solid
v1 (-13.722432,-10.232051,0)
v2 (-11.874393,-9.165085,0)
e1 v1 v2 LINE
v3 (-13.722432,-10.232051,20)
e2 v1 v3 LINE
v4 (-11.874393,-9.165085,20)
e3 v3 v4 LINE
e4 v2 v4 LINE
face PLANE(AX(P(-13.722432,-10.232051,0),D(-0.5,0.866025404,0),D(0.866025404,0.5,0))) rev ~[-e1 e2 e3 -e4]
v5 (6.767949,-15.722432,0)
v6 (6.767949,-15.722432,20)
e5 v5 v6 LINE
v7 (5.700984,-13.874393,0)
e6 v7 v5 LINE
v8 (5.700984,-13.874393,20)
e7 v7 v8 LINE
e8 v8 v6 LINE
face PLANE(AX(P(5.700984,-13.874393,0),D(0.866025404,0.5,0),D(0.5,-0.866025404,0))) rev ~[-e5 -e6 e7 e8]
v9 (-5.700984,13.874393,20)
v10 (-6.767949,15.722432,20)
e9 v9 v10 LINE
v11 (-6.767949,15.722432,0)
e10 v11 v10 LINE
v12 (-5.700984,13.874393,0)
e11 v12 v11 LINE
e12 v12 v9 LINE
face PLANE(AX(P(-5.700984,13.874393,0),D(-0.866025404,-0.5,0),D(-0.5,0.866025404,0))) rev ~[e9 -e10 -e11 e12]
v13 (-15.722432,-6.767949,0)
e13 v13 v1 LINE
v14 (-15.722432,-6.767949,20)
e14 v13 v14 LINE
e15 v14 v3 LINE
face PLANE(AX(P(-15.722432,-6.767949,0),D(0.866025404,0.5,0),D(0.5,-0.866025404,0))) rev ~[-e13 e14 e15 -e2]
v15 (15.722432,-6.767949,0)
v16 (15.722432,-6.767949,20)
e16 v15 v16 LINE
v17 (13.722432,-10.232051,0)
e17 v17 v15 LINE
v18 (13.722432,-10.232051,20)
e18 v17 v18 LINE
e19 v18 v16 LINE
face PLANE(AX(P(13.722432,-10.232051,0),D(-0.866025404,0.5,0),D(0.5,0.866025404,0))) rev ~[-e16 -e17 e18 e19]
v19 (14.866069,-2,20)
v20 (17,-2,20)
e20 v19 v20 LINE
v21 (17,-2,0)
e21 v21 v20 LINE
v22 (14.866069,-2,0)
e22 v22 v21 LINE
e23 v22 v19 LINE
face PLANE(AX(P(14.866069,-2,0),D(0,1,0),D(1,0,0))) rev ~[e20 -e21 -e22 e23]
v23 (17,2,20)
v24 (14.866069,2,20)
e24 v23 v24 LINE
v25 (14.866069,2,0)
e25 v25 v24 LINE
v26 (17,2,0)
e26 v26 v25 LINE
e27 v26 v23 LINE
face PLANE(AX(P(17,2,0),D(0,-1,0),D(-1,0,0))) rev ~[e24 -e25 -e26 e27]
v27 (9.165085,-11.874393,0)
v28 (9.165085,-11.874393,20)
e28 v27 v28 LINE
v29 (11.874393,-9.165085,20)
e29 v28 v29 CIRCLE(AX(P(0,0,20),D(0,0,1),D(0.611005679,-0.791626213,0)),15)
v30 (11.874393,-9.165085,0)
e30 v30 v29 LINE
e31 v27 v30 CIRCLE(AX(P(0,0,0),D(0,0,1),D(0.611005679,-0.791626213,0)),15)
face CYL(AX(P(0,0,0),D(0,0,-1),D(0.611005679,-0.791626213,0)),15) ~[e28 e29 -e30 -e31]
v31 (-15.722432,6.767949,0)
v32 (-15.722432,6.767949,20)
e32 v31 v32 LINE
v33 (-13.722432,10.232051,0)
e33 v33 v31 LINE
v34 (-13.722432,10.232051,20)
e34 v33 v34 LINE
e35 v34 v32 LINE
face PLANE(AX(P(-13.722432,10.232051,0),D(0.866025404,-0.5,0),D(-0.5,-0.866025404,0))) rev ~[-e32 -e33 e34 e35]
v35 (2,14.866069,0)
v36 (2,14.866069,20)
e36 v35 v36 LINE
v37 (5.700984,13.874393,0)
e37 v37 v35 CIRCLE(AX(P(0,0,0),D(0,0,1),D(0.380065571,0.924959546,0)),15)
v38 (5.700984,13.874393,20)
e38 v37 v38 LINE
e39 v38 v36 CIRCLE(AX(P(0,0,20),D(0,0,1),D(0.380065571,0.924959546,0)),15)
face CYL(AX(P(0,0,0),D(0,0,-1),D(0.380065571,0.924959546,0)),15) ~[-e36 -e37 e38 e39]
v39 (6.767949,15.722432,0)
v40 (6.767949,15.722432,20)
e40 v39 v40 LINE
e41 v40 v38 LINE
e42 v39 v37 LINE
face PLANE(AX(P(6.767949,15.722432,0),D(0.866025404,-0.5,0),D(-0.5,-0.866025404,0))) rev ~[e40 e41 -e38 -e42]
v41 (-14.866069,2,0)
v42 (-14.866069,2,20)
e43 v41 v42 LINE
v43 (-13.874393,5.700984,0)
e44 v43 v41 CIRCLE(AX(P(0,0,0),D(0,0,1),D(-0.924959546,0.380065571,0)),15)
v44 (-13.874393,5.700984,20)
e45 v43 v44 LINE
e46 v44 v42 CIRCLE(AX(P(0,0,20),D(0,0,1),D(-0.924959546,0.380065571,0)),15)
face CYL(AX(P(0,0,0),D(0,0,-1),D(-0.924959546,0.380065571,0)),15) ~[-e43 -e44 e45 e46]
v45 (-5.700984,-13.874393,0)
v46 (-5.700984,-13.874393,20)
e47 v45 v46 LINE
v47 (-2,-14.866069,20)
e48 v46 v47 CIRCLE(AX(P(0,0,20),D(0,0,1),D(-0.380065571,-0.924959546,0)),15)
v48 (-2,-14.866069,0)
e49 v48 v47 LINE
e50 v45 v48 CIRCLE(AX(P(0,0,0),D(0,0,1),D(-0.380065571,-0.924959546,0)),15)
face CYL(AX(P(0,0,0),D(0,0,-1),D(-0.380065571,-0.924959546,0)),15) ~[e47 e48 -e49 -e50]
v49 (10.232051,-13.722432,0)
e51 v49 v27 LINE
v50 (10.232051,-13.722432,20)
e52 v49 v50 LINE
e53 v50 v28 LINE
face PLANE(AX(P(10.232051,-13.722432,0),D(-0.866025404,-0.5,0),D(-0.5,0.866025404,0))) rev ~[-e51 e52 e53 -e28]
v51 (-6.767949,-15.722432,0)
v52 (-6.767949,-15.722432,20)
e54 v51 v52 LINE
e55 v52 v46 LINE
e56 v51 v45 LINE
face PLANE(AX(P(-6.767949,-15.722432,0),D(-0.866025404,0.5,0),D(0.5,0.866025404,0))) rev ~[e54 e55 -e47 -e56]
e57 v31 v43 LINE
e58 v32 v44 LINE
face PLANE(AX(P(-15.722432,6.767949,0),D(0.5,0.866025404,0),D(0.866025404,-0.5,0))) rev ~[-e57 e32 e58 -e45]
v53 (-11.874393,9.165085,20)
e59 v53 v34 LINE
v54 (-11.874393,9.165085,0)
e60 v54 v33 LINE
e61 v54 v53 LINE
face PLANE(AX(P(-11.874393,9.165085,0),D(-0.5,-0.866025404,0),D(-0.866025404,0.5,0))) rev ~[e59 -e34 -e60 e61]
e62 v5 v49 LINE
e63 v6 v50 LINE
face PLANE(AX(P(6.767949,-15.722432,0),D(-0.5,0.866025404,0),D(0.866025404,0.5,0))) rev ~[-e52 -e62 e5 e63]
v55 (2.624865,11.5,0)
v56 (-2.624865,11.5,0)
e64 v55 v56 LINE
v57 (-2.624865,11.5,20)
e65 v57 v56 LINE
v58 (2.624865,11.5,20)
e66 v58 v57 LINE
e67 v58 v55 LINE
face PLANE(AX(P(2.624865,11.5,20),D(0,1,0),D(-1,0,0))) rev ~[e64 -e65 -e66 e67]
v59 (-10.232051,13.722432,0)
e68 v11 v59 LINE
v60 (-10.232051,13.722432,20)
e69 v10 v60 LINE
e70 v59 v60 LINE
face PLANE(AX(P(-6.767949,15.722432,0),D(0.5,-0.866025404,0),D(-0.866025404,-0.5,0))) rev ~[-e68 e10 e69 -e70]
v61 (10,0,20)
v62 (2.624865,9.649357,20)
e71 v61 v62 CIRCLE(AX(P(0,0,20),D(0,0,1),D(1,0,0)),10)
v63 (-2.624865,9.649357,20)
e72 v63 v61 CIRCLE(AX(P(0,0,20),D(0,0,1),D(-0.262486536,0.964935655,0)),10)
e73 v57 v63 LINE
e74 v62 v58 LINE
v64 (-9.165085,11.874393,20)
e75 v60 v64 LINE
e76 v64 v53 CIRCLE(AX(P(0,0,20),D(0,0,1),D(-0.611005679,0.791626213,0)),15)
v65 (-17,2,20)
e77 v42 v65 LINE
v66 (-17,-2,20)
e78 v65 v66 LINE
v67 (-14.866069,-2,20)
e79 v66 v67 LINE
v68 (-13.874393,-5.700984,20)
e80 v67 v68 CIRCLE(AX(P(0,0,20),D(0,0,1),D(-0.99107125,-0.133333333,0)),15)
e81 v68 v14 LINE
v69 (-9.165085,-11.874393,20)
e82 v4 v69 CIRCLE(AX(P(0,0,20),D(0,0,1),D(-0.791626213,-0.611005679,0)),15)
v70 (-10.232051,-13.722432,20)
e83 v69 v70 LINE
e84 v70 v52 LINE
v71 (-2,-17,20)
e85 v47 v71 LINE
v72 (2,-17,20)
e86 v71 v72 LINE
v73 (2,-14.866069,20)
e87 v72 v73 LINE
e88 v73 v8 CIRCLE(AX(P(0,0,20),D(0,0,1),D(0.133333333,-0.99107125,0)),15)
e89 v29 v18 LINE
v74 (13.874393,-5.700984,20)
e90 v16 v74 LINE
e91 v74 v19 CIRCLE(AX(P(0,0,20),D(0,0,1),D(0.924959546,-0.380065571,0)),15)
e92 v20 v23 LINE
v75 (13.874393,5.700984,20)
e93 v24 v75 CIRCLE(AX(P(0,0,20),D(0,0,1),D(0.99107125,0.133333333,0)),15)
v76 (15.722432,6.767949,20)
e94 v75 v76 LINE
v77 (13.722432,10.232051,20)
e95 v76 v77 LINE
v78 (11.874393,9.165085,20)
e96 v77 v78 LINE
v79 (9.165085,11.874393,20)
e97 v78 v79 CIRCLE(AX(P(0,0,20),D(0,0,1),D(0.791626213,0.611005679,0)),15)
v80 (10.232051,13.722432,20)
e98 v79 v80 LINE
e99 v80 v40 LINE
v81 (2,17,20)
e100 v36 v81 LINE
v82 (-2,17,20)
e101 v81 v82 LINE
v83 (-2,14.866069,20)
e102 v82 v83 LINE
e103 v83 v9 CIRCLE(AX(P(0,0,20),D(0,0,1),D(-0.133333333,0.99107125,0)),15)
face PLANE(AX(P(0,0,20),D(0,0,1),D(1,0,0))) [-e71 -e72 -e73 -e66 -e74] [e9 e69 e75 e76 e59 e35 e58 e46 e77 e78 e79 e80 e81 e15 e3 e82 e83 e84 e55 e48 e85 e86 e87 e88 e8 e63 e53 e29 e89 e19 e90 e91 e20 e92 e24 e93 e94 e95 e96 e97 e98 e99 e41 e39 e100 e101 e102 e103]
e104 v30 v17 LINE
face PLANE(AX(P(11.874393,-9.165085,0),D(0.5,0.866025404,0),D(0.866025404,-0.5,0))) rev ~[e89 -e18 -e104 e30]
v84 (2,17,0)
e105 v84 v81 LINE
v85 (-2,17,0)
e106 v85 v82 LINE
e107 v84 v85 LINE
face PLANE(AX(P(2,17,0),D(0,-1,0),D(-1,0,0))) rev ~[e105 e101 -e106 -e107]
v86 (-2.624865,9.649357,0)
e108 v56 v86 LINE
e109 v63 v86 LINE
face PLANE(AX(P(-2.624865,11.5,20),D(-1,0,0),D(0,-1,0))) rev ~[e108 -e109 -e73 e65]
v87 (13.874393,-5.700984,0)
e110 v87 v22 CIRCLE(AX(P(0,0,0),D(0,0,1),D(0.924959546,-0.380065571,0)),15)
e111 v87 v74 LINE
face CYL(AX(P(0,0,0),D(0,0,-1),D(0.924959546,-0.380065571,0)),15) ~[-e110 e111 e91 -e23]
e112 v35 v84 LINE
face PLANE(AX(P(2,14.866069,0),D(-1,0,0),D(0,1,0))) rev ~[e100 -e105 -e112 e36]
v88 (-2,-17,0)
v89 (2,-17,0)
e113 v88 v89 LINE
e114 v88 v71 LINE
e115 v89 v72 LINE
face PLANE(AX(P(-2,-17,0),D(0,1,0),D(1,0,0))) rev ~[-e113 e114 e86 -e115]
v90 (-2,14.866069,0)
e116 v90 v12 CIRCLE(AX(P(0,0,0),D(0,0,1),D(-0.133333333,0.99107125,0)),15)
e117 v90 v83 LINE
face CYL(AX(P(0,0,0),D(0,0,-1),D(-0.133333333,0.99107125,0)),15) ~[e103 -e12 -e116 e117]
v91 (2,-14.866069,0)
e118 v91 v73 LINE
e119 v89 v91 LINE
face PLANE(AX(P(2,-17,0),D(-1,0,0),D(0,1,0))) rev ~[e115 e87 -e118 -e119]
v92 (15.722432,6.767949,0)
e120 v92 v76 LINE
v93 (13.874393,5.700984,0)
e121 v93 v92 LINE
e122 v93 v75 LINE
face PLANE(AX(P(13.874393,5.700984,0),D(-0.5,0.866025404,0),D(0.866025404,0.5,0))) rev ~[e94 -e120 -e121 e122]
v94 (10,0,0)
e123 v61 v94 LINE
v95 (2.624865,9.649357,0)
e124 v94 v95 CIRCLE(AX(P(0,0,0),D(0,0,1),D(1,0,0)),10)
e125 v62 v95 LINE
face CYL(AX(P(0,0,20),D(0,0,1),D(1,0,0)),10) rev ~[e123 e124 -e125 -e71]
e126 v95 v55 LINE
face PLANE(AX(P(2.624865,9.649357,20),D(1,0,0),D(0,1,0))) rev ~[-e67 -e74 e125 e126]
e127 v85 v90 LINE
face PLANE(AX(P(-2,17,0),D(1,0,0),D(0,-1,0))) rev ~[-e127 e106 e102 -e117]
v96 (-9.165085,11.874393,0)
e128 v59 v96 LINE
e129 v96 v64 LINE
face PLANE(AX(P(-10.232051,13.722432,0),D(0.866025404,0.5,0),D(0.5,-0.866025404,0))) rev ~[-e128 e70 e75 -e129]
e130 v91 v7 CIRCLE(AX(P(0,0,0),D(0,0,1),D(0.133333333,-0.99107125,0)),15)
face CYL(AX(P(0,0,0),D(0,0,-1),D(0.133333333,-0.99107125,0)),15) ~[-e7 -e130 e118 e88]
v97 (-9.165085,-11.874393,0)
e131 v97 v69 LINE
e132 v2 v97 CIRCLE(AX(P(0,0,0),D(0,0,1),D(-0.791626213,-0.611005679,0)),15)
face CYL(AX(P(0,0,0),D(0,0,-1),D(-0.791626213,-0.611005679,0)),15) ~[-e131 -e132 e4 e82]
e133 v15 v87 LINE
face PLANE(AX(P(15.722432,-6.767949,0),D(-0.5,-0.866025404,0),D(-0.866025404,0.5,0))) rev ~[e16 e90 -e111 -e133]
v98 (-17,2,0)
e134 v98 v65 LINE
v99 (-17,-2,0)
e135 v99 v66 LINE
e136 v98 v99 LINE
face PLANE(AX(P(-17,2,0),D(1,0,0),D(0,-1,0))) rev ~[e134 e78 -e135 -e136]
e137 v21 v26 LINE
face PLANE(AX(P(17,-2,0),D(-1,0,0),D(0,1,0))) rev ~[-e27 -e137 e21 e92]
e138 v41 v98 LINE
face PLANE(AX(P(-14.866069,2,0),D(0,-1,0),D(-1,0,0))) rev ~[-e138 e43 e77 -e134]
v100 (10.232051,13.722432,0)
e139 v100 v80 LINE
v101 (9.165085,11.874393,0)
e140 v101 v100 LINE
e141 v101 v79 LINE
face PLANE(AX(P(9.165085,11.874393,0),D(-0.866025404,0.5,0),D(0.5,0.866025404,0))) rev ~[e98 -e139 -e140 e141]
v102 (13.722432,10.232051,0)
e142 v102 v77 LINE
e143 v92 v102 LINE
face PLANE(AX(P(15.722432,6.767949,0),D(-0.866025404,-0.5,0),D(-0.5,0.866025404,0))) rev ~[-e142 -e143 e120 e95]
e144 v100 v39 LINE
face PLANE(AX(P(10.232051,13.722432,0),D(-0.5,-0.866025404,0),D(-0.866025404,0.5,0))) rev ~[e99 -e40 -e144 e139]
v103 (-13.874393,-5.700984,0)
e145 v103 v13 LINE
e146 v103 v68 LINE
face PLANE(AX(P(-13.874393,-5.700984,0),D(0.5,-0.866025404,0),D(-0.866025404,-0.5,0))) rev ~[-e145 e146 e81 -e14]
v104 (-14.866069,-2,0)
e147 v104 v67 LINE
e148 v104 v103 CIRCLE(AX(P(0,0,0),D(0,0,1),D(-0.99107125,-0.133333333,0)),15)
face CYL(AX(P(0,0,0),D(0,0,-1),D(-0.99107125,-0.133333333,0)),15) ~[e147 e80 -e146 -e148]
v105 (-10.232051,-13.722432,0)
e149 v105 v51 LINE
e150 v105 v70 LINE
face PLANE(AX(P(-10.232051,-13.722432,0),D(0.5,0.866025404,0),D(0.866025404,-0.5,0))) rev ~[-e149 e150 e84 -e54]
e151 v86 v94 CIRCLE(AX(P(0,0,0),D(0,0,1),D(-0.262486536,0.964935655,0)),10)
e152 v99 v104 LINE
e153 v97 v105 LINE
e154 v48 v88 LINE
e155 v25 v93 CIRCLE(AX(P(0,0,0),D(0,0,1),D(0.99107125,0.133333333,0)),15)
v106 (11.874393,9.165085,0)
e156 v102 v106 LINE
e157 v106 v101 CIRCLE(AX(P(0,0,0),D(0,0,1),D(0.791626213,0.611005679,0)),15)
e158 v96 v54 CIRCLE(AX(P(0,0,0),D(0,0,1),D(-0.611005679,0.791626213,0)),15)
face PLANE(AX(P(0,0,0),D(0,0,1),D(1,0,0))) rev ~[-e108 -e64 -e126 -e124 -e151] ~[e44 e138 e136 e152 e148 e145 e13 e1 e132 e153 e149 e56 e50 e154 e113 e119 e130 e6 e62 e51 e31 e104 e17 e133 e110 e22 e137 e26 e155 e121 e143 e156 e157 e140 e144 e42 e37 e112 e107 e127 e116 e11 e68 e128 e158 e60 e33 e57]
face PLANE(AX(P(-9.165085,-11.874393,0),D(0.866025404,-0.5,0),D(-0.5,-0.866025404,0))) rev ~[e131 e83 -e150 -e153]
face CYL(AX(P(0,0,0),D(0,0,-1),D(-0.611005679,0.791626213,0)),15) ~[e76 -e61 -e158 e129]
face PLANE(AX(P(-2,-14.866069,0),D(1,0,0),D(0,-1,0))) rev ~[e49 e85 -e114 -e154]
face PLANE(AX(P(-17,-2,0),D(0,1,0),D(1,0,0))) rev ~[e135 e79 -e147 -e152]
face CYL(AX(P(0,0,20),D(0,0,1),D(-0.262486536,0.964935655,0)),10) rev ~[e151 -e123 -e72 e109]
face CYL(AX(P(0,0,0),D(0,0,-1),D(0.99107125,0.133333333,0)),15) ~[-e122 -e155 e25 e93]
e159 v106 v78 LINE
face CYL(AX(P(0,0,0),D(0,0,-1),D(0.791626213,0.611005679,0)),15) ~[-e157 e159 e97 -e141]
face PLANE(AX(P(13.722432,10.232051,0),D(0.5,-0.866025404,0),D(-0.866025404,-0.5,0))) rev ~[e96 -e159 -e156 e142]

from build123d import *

# Parameters (mm, degrees)
EXTRUDE_1_DEPTH     = 20
CUT_EXTRUDE_2_DEPTH = 32.272991542


with BuildPart() as part:
    # 草图1 → 凸台-拉伸1 (new body)
    with BuildSketch(Plane.XY):
        with BuildLine():
            Line((6.767949192, 15.722431864), (5.700983566, 13.87439319))
            ThreePointArc((5.700983566, 13.87439319), (3.882285677, 14.488887394), (2, 14.866068747))
            Line((2, 14.866068747), (2, 17))
            Line((2, 17), (-2, 17))
            Line((-2, 17), (-2, 14.866068747))
            ThreePointArc((-2, 14.866068747), (-3.882285677, 14.488887394), (-5.700983566, 13.87439319))
            Line((-5.700983566, 13.87439319), (-6.767949192, 15.722431864))
            Line((-6.767949192, 15.722431864), (-10.232050808, 13.722431864))
            Line((-10.232050808, 13.722431864), (-9.165085181, 11.87439319))
            ThreePointArc((-9.165085181, 11.87439319), (-10.606601718, 10.606601718), (-11.87439319, 9.165085181))
            Line((-11.87439319, 9.165085181), (-13.722431864, 10.232050808))
            Line((-13.722431864, 10.232050808), (-15.722431864, 6.767949192))
            Line((-15.722431864, 6.767949192), (-13.87439319, 5.700983566))
            ThreePointArc((-13.87439319, 5.700983566), (-14.488887394, 3.882285677), (-14.866068747, 2))
            Line((-14.866068747, 2), (-17, 2))
            Line((-17, 2), (-17, -2))
            Line((-17, -2), (-14.866068747, -2))
            ThreePointArc((-14.866068747, -2), (-14.488887394, -3.882285677), (-13.87439319, -5.700983566))
            Line((-13.87439319, -5.700983566), (-15.722431864, -6.767949192))
            Line((-15.722431864, -6.767949192), (-13.722431864, -10.232050808))
            Line((-13.722431864, -10.232050808), (-11.87439319, -9.165085181))
            ThreePointArc((-11.87439319, -9.165085181), (-10.606601718, -10.606601718), (-9.165085181, -11.87439319))
            Line((-9.165085181, -11.87439319), (-10.232050808, -13.722431864))
            Line((-10.232050808, -13.722431864), (-6.767949192, -15.722431864))
            Line((-6.767949192, -15.722431864), (-5.700983566, -13.87439319))
            ThreePointArc((-5.700983566, -13.87439319), (-3.882285677, -14.488887394), (-2, -14.866068747))
            Line((-2, -14.866068747), (-2, -17))
            Line((-2, -17), (2, -17))
            Line((2, -17), (2, -14.866068747))
            ThreePointArc((2, -14.866068747), (3.882285677, -14.488887394), (5.700983566, -13.87439319))
            Line((5.700983566, -13.87439319), (6.767949192, -15.722431864))
            Line((6.767949192, -15.722431864), (10.232050808, -13.722431864))
            Line((10.232050808, -13.722431864), (9.165085181, -11.87439319))
            ThreePointArc((9.165085181, -11.87439319), (10.606601718, -10.606601718), (11.87439319, -9.165085181))
            Line((11.87439319, -9.165085181), (13.722431864, -10.232050808))
            Line((13.722431864, -10.232050808), (15.722431864, -6.767949192))
            Line((15.722431864, -6.767949192), (13.87439319, -5.700983566))
            ThreePointArc((13.87439319, -5.700983566), (14.488887394, -3.882285677), (14.866068747, -2))
            Line((14.866068747, -2), (17, -2))
            Line((17, -2), (17, 2))
            Line((17, 2), (14.866068747, 2))
            ThreePointArc((14.866068747, 2), (14.488887394, 3.882285677), (13.87439319, 5.700983566))
            Line((13.87439319, 5.700983566), (15.722431864, 6.767949192))
            Line((15.722431864, 6.767949192), (13.722431864, 10.232050808))
            Line((13.722431864, 10.232050808), (11.87439319, 9.165085181))
            ThreePointArc((11.87439319, 9.165085181), (10.606601718, 10.606601718), (9.165085181, 11.87439319))
            Line((9.165085181, 11.87439319), (10.232050808, 13.722431864))
            Line((10.232050808, 13.722431864), (6.767949192, 15.722431864))
        make_face()
    extrude(amount=EXTRUDE_1_DEPTH)

    # 草图2 → 切除-拉伸2 (cut, through all)
    with BuildSketch(Plane.XY.offset(20)):
        with BuildLine():
            Line((2.624865364, 11.5), (-2.624865364, 11.5))
            Line((-2.624865364, 11.5), (-2.624865364, 9.64935655))
            ThreePointArc((-2.624865364, 9.64935655), (0, 10), (2.624865364, 9.64935655))
            Line((2.624865364, 9.64935655), (2.624865364, 11.5))
        make_face()
        with BuildLine():
            ThreePointArc((2.624865364, 9.64935655), (0, 10), (-2.624865364, 9.64935655))
            Line((-2.624865364, 9.64935655), (-2.624865364, 8.5))
            Line((-2.624865364, 8.5), (2.624865364, 8.5))
            Line((2.624865364, 8.5), (2.624865364, 9.64935655))
        make_face()
        with BuildLine():
            Line((-2.624865364, 8.5), (-2.624865364, 9.64935655))
            ThreePointArc((-2.624865364, 9.64935655), (-6.072534329, -7.945081927), (10, 0))
            ThreePointArc((10, 0), (7.945081927, 6.072534329), (2.624865364, 9.64935655))
            Line((2.624865364, 9.64935655), (2.624865364, 8.5))
            Line((2.624865364, 8.5), (-2.624865364, 8.5))
        make_face()
    extrude(amount=-CUT_EXTRUDE_2_DEPTH, mode=Mode.SUBTRACT)


solid = part.part
